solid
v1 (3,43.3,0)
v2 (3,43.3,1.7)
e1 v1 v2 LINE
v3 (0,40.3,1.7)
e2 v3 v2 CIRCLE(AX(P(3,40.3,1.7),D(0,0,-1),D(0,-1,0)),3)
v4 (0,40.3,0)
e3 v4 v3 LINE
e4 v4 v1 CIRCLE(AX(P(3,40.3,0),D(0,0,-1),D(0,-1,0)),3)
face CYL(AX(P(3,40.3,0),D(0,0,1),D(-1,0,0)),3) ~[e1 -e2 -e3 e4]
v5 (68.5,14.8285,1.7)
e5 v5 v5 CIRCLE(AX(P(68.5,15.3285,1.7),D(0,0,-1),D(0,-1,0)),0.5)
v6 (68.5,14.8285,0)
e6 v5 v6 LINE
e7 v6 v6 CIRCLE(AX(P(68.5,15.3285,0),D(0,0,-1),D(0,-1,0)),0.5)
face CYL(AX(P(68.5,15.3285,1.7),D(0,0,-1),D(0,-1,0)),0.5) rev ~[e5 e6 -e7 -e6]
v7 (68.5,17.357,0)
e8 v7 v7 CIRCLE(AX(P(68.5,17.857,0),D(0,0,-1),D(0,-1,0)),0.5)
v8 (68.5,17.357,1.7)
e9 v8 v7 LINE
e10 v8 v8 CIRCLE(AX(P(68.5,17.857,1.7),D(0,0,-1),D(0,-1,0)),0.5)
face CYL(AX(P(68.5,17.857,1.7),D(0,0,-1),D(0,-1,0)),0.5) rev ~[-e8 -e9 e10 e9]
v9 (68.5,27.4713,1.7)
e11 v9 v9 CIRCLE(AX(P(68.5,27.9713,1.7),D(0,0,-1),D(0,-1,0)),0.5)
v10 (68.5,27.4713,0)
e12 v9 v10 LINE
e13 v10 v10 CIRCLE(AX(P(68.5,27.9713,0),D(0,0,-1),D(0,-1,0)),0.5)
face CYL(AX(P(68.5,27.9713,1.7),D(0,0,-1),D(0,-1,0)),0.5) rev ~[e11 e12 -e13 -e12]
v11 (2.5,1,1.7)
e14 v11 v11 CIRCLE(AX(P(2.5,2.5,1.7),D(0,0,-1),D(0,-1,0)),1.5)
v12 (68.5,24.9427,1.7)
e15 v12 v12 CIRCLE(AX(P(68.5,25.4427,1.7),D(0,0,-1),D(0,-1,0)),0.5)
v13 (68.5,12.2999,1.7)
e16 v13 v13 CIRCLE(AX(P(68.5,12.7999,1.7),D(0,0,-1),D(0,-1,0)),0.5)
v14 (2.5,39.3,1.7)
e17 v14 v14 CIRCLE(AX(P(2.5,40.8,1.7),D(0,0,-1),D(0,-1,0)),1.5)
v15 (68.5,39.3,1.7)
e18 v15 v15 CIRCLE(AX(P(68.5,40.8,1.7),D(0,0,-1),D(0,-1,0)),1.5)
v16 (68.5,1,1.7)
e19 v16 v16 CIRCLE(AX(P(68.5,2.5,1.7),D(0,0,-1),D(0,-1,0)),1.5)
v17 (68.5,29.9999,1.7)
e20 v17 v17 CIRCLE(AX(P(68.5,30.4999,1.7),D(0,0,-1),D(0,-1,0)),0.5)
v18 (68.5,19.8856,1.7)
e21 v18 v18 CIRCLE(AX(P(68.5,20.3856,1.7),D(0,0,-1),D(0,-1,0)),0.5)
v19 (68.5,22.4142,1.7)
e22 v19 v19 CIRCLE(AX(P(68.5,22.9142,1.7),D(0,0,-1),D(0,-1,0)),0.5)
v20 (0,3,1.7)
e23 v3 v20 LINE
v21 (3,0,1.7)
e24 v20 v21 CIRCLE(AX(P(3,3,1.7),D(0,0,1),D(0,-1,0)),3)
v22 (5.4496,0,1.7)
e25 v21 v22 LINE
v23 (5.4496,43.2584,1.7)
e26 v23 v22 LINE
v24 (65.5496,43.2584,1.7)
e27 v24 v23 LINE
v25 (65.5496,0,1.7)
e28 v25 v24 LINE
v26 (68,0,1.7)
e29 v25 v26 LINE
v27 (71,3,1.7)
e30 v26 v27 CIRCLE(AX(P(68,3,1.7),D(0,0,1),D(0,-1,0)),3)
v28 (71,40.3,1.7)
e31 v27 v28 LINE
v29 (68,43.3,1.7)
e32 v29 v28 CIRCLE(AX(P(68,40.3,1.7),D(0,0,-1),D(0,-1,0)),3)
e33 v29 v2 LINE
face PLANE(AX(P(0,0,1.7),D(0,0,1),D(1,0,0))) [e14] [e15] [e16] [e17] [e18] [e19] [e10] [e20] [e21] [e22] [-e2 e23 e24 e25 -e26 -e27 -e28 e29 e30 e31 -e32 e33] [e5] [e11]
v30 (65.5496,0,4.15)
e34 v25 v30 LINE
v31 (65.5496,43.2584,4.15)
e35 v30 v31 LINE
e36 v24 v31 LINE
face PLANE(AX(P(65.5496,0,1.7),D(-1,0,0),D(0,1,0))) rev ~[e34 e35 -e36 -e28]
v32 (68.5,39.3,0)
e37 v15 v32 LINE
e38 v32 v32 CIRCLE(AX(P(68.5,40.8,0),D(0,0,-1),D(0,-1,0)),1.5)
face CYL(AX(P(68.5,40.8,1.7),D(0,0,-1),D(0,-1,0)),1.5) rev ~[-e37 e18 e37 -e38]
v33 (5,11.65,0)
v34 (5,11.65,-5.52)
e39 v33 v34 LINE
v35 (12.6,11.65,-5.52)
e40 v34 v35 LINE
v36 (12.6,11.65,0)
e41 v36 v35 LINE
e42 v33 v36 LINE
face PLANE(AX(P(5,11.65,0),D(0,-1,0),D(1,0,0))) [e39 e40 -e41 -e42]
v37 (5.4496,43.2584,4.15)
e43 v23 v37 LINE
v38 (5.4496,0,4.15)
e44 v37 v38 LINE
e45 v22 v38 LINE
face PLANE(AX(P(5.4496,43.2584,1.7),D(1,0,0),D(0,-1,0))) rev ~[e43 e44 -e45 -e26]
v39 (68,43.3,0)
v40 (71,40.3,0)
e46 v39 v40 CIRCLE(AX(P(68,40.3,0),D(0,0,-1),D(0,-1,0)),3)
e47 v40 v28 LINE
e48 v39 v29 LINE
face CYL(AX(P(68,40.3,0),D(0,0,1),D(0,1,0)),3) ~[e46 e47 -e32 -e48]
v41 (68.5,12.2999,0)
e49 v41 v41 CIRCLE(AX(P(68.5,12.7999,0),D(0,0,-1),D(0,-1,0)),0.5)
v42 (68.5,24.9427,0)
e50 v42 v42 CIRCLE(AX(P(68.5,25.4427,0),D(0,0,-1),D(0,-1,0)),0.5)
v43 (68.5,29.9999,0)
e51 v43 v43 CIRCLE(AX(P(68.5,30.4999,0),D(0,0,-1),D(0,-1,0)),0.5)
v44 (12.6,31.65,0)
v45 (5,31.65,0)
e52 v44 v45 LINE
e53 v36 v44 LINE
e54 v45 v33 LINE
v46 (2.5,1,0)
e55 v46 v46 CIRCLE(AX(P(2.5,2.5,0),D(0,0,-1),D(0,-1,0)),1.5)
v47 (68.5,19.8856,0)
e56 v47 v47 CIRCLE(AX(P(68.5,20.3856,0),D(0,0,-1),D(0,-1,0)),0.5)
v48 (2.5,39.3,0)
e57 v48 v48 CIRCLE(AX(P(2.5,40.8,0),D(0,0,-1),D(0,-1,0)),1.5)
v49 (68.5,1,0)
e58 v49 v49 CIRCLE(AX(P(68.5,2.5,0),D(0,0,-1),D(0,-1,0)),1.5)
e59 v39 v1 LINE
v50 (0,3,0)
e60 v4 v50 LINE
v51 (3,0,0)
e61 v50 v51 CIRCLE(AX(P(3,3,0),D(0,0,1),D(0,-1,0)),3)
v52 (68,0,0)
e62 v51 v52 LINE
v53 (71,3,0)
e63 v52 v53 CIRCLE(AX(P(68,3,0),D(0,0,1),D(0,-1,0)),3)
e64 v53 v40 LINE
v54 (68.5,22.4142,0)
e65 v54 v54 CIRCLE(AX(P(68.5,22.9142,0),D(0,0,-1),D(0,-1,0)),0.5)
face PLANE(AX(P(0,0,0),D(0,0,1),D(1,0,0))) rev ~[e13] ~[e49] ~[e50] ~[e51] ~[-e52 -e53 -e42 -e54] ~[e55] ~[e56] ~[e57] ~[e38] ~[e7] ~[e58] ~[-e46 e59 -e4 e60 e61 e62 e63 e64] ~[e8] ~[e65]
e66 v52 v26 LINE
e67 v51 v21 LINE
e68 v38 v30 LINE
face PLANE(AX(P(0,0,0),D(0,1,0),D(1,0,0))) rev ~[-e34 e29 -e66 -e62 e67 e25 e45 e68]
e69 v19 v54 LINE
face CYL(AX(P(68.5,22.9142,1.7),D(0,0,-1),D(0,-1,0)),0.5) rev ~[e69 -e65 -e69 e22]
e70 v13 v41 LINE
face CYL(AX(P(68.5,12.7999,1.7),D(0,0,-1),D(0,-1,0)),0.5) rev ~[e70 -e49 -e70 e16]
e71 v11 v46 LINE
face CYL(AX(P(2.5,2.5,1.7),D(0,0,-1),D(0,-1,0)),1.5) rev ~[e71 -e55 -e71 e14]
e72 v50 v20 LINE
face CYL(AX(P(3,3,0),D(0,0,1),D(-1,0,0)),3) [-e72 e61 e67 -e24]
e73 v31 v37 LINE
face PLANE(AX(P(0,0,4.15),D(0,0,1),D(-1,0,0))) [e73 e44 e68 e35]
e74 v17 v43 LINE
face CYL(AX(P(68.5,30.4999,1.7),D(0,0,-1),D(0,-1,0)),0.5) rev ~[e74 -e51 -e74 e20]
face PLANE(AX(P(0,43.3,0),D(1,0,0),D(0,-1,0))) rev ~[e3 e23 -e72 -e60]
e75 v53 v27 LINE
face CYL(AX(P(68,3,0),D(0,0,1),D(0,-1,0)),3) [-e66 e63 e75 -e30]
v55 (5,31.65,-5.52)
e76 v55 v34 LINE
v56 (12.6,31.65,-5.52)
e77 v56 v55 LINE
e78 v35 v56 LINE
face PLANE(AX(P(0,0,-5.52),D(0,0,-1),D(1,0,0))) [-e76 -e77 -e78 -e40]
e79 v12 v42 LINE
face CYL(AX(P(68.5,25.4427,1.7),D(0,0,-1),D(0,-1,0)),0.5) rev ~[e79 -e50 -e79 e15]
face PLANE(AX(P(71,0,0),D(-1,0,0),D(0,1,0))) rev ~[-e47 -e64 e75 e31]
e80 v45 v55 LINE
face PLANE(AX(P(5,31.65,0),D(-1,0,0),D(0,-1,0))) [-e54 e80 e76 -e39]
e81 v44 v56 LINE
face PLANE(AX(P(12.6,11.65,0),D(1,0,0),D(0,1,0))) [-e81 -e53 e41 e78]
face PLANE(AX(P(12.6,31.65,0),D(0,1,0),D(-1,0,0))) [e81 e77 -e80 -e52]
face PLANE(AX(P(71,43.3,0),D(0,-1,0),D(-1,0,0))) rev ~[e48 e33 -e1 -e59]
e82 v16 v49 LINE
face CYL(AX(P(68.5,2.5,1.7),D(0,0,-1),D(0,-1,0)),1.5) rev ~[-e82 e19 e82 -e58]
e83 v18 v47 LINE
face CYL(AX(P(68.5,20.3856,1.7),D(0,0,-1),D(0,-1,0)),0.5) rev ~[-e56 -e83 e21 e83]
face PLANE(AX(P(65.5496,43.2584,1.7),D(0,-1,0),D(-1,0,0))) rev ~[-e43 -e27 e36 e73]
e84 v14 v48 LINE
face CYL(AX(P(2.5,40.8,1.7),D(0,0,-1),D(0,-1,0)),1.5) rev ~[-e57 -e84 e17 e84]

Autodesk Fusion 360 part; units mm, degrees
sketch "Sketch1" plane through (0, 0, 0) normal (0, 0, 1) x (1, 0, 0) in component "2.4\" LCD Module"
  line L0 (0, 0) -> (71, 0)
  line L1 (71, 0) -> (71, 43.3)
  line L2 (71, 43.3) -> (0, 43.3)
  line L3 (0, 43.3) -> (0, 0)
  dimension "d1" = 71
  dimension "d2" = 43.3
extrude "Extrude1" add sketch "Sketch1" along normal blind 1.7 in component "2.4\" LCD Module"
hole "Hole1" at (68.5, 2.5, 1.7) direction (0, 0, -1) diameter 3 depth 5 tip angle 180 in component "2.4\" LCD Module"
hole "Hole2" at (68.5, 40.8, 1.7) direction (0, 0, -1) diameter 3 depth 5 tip angle 180 in component "2.4\" LCD Module"
hole "Hole3" at (2.5, 2.5, 1.7) direction (0, 0, -1) diameter 3 depth 5 tip angle 180 in component "2.4\" LCD Module"
hole "Hole4" at (2.5, 40.8, 1.7) direction (0, 0, -1) diameter 3 depth 5 tip angle 180 in component "2.4\" LCD Module"
fillet "Fillet1" radius 3 4 edges at (71, 0, 0.85) (0, 0, 0.85) (71, 43.3, 0.85) (0, 43.3, 0.85) in component "2.4\" LCD Module"
sketch "Sketch2" plane through (0, 0, 1.7) normal (0, 0, 1) x (-1, 0, 0) in component "2.4\" LCD Module"
  arc A0 (-3, -43.3) -> (0, -40.3) centre (-3, -40.3) ccw
  line L0 (0, -40.3) -> (0, -3)
  arc A1 (0, -3) -> (-3, 0) centre (-3, -3) ccw
  line L1 (-3, 0) -> (-68, 0)
  arc A2 (-68, 0) -> (-71, -3) centre (-68, -3) ccw
  line L2 (-71, -3) -> (-71, -40.3)
  arc A3 (-71, -40.3) -> (-68, -43.3) centre (-68, -40.3) ccw
  line L3 (-68, -43.3) -> (-3, -43.3)
  circle A4 centre (-2.5, -40.8) radius 1.5
  circle A5 centre (-2.5, -2.5) radius 1.5
  circle A6 centre (-68.5, -40.8) radius 1.5
  circle A7 centre (-68.5, -2.5) radius 1.5
  line L4 (-5.4496, 0.0416) -> (-65.5496, 0.0416)
  line L5 (-65.5496, 0.0416) -> (-65.5496, -43.2584)
  line L6 (-65.5496, -43.2584) -> (-5.4496, -43.2584)
  line L7 (-5.4496, -43.2584) -> (-5.4496, 0.0416)
  line L8 (-5.4496, 0.0416) -> (-65.5496, -43.2584) construction
  line L9 (-65.5496, 0.0416) -> (-5.4496, -43.2584) construction
  point P0 (-35.4996, -21.6084)
  dimension "d27" = 60.1
  dimension "d28" = 43.3
extrude "Extrude2" add sketch "Sketch2" along normal blind 2.45 contours L1 L5 L6 L7 in component "2.4\" LCD Module"
sketch "Sketch3" plane through (0, 0, 1.7) normal (0, 0, 1) x (-1, 0, 0) in component "2.4\" LCD Module"
  line L0 (-65.5496, -43.2584) -> (-65.5496, 0)
  line L1 (-65.5496, 0) -> (-68, 0)
  arc A0 (-68, 0) -> (-71, -3) centre (-68, -3) ccw
  line L2 (-71, -3) -> (-71, -40.3)
  arc A1 (-71, -40.3) -> (-68, -43.3) centre (-68, -40.3) ccw
  line L3 (-68, -43.3) -> (-3, -43.3)
  arc A2 (-3, -43.3) -> (0, -40.3) centre (-3, -40.3) ccw
  line L4 (0, -40.3) -> (0, -3)
  arc A3 (0, -3) -> (-3, 0) centre (-3, -3) ccw
  line L5 (-3, 0) -> (-5.4496, 0)
  line L6 (-5.4496, 0) -> (-5.4496, -43.2584)
  line L7 (-5.4496, -43.2584) -> (-65.5496, -43.2584)
  circle A4 centre (-2.5, -40.8) radius 1.5
  circle A5 centre (-2.5, -2.5) radius 1.5
  circle A6 centre (-68.5, -40.8) radius 1.5
  circle A7 centre (-68.5, -2.5) radius 1.5
  point P0 (-68.5, -12.7999)
  point P1 (-68.5, -15.3285)
  point P2 (-68.5, -17.857)
  point P3 (-68.5, -20.3856)
  point P4 (-68.5, -22.9142)
  point P5 (-68.5, -25.4427)
  point P6 (-68.5, -27.9713)
  point P7 (-68.5, -30.4999)
  dimension "d33" = 17.7
  dimension "d34" = 0
hole "Hole5" at (68.5, 12.7999, 1.7) at (68.5, 15.3285, 1.7) at (68.5, 17.857, 1.7) at (68.5, 20.3856, 1.7) at (68.5, 22.9142, 1.7) at (68.5, 25.4427, 1.7) at (68.5, 27.9713, 1.7) at (68.5, 30.4999, 1.7) direction (0, 0, -1) diameter 1 depth 5 tip angle 180 in component "2.4\" LCD Module"
sketch "Sketch4" plane through (0, 0, 0) normal (0, 0, -1) x (1, 0, 0) in component "2.4\" LCD Module"
  circle A0 centre (68.5, -27.9713) radius 0.5
  circle A1 centre (68.5, -22.9142) radius 0.5
  circle A2 centre (68.5, -17.857) radius 0.5
  circle A3 centre (68.5, -12.7999) radius 0.5
  circle A4 centre (68.5, -15.3285) radius 0.5
  circle A5 centre (68.5, -20.3856) radius 0.5
  circle A6 centre (68.5, -25.4427) radius 0.5
  circle A7 centre (68.5, -30.4999) radius 0.5
  circle A8 centre (2.5, -40.8) radius 1.5
  circle A9 centre (2.5, -2.5) radius 1.5
  circle A10 centre (68.5, -40.8) radius 1.5
  circle A11 centre (68.5, -2.5) radius 1.5
  arc A12 (0, -40.3) -> (3, -43.3) centre (3, -40.3) ccw
  line L0 (3, -43.3) -> (68, -43.3)
  arc A13 (68, -43.3) -> (71, -40.3) centre (68, -40.3) ccw
  line L1 (71, -40.3) -> (71, -3)
  arc A14 (71, -3) -> (68, 0) centre (68, -3) ccw
  line L2 (68, 0) -> (3, 0)
  arc A15 (3, 0) -> (0, -3) centre (3, -3) ccw
  line L3 (0, -3) -> (0, -40.3)
  line L4 (12.6, -31.65) -> (5, -31.65)
  line L5 (5, -31.65) -> (5, -11.65)
  line L6 (5, -11.65) -> (12.6, -11.65)
  line L7 (12.6, -11.65) -> (12.6, -31.65)
  dimension "d38" = 7.6
  dimension "d39" = 20
extrude "Extrude3" add sketch "Sketch4" along normal blind 5.52 contours L4 L5 L6 L7 in component "2.4\" LCD Module"
component "2.4\" LCD Module" placed x (1, 0, 0) y (0, 1, 0) z (0, 0, 1) at (0, 0, 0)
